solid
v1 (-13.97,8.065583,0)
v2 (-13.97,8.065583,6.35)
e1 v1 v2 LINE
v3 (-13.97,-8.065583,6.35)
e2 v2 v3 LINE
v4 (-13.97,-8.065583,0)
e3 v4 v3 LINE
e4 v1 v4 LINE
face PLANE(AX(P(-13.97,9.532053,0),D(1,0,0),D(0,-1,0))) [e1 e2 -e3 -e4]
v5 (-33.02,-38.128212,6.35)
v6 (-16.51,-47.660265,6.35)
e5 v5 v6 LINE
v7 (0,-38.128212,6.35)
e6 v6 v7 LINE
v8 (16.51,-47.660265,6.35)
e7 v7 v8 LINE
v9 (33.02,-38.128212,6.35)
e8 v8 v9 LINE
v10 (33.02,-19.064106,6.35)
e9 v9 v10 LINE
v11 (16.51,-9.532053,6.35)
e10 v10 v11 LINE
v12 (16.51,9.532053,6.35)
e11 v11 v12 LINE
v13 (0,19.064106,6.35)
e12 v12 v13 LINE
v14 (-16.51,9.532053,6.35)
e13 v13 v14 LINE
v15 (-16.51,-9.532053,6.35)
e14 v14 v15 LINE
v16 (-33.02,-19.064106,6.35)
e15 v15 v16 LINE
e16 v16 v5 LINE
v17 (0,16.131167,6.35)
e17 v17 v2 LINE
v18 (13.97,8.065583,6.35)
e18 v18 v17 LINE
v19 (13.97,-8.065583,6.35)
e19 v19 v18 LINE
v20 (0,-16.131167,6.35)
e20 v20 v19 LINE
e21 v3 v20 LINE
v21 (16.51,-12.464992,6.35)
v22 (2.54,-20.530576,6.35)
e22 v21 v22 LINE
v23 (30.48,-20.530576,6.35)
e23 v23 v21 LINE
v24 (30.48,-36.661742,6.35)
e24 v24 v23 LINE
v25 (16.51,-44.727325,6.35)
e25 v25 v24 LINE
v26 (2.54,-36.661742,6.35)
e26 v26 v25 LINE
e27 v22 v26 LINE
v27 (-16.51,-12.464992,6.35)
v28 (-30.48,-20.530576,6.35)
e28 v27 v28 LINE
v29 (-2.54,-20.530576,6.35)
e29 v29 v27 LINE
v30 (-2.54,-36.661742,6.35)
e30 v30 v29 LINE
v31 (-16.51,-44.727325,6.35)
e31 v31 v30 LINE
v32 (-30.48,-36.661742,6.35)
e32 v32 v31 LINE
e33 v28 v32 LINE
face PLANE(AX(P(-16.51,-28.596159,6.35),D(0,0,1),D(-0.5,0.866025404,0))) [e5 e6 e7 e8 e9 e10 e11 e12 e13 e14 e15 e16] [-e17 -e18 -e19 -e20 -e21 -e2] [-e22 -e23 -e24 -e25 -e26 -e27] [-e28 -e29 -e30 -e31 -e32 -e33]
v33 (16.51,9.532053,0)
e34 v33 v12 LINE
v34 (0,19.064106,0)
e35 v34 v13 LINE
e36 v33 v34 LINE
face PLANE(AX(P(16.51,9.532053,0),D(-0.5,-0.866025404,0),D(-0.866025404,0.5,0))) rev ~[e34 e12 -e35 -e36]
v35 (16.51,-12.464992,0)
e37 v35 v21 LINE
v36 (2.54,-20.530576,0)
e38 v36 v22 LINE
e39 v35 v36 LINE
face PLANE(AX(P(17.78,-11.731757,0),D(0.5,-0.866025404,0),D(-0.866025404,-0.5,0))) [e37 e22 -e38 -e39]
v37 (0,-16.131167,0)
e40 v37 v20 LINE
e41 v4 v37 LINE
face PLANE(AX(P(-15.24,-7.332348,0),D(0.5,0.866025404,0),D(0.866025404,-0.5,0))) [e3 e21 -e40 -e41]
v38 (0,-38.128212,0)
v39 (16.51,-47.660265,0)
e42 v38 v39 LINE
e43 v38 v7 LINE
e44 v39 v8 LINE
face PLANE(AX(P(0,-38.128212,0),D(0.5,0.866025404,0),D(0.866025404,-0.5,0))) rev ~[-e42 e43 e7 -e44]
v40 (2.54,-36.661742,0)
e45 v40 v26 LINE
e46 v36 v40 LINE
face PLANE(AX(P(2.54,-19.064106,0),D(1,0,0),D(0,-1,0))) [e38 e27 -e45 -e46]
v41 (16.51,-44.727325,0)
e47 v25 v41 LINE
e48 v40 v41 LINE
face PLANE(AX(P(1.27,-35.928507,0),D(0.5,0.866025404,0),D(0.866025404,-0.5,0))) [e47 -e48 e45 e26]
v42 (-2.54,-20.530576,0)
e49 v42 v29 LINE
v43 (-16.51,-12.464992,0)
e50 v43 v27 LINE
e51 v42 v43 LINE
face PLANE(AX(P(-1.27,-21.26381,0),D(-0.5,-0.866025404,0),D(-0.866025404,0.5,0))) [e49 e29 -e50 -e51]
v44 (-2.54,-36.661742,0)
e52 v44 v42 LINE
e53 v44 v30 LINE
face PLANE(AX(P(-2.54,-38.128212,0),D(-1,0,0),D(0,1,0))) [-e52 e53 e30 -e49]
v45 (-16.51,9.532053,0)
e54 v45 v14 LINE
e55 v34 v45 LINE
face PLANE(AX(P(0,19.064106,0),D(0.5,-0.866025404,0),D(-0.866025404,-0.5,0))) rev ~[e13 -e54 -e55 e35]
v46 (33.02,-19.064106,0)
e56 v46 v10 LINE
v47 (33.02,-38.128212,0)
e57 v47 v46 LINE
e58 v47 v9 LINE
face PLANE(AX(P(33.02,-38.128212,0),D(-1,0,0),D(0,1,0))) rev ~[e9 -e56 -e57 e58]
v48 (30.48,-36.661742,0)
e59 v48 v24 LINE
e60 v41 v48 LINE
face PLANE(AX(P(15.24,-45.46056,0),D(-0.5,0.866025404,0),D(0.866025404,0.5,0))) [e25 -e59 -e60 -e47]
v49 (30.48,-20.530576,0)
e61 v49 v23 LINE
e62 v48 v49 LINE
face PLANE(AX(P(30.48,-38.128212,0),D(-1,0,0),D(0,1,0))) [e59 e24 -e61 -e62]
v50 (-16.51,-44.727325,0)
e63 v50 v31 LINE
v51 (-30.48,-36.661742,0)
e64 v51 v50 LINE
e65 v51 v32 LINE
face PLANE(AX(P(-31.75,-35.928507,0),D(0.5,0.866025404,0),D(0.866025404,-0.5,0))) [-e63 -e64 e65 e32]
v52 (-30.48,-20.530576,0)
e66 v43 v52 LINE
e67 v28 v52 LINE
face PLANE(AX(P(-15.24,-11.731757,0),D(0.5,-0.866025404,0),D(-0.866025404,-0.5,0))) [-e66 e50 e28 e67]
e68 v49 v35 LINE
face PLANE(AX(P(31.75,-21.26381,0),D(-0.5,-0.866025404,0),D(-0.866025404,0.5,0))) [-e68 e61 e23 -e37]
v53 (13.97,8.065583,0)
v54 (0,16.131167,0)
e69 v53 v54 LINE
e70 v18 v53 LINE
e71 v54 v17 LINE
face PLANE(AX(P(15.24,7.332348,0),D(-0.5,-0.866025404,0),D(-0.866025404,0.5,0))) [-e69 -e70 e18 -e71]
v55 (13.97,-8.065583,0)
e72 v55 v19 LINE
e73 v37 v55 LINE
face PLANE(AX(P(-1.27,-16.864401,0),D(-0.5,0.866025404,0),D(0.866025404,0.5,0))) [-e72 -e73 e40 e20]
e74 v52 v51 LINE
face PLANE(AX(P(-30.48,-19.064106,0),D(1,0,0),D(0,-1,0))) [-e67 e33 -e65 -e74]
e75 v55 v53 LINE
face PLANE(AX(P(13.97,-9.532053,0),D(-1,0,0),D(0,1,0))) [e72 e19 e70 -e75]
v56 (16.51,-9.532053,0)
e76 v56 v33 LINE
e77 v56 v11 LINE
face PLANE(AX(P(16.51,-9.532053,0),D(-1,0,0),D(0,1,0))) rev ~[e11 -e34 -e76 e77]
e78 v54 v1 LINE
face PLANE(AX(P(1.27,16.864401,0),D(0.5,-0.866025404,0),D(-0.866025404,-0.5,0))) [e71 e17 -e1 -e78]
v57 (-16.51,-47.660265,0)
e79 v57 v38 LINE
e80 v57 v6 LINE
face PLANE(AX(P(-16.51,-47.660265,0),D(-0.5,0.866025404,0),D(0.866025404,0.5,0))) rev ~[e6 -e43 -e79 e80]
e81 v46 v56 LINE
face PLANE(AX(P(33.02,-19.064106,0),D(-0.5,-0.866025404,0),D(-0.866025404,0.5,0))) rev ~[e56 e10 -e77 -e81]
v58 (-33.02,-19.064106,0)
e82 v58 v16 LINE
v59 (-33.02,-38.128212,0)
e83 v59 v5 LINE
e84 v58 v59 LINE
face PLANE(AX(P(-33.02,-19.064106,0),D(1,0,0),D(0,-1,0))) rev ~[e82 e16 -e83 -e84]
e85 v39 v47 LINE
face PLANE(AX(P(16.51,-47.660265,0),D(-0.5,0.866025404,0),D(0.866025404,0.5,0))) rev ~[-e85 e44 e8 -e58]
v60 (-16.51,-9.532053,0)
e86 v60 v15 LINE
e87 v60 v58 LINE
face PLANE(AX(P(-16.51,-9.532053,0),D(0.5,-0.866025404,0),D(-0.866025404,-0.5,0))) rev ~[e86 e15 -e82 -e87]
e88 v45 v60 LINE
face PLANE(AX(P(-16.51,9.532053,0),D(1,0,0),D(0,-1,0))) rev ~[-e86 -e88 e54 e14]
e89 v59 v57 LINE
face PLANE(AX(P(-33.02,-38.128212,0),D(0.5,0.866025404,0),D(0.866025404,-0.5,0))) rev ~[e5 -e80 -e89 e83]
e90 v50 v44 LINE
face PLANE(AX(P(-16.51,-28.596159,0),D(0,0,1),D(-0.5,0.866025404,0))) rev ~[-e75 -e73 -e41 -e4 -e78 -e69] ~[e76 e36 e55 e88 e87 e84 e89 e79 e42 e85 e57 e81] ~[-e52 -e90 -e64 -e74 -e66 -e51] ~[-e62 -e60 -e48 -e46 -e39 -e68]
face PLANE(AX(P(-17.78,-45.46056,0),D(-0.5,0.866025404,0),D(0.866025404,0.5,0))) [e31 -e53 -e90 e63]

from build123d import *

# Parameters (mm, degrees)
F1_DEPTH = 6.35
F2_T     = -2.54
F3_COUNT = 3
F3_ANGLE = 240


with BuildPart() as f1:
    # F0 (on Top) → F1 (new body)
    with BuildSketch(Plane.XY):
        Polygon((16.51, 9.5320529443), (0, 19.0641058886), (-16.51, 9.5320529443), (-16.51, -9.5320529443), (0, -19.0641058886), (16.51, -9.5320529443), align=None)
    extrude(amount=F1_DEPTH)

    # F2
    f2_openings = [f1.faces().sort_by_distance(p)[0] for p in [
        (0, 0, 6.35),
        (0, 0, 0),
    ]]
    offset(amount=F2_T, openings=f2_openings)

    # F3: F1 ×3 about axis
    f3_axis = Axis((0, -19.0641058886, 3.175), (0, 0, -1))


with BuildPart() as f1_1:
    add(f1.part)
    for i in range(1, F3_COUNT):
        add(f1.part.rotate(f3_axis, i * F3_ANGLE / (F3_COUNT - 1)))


solid = f1_1.part
